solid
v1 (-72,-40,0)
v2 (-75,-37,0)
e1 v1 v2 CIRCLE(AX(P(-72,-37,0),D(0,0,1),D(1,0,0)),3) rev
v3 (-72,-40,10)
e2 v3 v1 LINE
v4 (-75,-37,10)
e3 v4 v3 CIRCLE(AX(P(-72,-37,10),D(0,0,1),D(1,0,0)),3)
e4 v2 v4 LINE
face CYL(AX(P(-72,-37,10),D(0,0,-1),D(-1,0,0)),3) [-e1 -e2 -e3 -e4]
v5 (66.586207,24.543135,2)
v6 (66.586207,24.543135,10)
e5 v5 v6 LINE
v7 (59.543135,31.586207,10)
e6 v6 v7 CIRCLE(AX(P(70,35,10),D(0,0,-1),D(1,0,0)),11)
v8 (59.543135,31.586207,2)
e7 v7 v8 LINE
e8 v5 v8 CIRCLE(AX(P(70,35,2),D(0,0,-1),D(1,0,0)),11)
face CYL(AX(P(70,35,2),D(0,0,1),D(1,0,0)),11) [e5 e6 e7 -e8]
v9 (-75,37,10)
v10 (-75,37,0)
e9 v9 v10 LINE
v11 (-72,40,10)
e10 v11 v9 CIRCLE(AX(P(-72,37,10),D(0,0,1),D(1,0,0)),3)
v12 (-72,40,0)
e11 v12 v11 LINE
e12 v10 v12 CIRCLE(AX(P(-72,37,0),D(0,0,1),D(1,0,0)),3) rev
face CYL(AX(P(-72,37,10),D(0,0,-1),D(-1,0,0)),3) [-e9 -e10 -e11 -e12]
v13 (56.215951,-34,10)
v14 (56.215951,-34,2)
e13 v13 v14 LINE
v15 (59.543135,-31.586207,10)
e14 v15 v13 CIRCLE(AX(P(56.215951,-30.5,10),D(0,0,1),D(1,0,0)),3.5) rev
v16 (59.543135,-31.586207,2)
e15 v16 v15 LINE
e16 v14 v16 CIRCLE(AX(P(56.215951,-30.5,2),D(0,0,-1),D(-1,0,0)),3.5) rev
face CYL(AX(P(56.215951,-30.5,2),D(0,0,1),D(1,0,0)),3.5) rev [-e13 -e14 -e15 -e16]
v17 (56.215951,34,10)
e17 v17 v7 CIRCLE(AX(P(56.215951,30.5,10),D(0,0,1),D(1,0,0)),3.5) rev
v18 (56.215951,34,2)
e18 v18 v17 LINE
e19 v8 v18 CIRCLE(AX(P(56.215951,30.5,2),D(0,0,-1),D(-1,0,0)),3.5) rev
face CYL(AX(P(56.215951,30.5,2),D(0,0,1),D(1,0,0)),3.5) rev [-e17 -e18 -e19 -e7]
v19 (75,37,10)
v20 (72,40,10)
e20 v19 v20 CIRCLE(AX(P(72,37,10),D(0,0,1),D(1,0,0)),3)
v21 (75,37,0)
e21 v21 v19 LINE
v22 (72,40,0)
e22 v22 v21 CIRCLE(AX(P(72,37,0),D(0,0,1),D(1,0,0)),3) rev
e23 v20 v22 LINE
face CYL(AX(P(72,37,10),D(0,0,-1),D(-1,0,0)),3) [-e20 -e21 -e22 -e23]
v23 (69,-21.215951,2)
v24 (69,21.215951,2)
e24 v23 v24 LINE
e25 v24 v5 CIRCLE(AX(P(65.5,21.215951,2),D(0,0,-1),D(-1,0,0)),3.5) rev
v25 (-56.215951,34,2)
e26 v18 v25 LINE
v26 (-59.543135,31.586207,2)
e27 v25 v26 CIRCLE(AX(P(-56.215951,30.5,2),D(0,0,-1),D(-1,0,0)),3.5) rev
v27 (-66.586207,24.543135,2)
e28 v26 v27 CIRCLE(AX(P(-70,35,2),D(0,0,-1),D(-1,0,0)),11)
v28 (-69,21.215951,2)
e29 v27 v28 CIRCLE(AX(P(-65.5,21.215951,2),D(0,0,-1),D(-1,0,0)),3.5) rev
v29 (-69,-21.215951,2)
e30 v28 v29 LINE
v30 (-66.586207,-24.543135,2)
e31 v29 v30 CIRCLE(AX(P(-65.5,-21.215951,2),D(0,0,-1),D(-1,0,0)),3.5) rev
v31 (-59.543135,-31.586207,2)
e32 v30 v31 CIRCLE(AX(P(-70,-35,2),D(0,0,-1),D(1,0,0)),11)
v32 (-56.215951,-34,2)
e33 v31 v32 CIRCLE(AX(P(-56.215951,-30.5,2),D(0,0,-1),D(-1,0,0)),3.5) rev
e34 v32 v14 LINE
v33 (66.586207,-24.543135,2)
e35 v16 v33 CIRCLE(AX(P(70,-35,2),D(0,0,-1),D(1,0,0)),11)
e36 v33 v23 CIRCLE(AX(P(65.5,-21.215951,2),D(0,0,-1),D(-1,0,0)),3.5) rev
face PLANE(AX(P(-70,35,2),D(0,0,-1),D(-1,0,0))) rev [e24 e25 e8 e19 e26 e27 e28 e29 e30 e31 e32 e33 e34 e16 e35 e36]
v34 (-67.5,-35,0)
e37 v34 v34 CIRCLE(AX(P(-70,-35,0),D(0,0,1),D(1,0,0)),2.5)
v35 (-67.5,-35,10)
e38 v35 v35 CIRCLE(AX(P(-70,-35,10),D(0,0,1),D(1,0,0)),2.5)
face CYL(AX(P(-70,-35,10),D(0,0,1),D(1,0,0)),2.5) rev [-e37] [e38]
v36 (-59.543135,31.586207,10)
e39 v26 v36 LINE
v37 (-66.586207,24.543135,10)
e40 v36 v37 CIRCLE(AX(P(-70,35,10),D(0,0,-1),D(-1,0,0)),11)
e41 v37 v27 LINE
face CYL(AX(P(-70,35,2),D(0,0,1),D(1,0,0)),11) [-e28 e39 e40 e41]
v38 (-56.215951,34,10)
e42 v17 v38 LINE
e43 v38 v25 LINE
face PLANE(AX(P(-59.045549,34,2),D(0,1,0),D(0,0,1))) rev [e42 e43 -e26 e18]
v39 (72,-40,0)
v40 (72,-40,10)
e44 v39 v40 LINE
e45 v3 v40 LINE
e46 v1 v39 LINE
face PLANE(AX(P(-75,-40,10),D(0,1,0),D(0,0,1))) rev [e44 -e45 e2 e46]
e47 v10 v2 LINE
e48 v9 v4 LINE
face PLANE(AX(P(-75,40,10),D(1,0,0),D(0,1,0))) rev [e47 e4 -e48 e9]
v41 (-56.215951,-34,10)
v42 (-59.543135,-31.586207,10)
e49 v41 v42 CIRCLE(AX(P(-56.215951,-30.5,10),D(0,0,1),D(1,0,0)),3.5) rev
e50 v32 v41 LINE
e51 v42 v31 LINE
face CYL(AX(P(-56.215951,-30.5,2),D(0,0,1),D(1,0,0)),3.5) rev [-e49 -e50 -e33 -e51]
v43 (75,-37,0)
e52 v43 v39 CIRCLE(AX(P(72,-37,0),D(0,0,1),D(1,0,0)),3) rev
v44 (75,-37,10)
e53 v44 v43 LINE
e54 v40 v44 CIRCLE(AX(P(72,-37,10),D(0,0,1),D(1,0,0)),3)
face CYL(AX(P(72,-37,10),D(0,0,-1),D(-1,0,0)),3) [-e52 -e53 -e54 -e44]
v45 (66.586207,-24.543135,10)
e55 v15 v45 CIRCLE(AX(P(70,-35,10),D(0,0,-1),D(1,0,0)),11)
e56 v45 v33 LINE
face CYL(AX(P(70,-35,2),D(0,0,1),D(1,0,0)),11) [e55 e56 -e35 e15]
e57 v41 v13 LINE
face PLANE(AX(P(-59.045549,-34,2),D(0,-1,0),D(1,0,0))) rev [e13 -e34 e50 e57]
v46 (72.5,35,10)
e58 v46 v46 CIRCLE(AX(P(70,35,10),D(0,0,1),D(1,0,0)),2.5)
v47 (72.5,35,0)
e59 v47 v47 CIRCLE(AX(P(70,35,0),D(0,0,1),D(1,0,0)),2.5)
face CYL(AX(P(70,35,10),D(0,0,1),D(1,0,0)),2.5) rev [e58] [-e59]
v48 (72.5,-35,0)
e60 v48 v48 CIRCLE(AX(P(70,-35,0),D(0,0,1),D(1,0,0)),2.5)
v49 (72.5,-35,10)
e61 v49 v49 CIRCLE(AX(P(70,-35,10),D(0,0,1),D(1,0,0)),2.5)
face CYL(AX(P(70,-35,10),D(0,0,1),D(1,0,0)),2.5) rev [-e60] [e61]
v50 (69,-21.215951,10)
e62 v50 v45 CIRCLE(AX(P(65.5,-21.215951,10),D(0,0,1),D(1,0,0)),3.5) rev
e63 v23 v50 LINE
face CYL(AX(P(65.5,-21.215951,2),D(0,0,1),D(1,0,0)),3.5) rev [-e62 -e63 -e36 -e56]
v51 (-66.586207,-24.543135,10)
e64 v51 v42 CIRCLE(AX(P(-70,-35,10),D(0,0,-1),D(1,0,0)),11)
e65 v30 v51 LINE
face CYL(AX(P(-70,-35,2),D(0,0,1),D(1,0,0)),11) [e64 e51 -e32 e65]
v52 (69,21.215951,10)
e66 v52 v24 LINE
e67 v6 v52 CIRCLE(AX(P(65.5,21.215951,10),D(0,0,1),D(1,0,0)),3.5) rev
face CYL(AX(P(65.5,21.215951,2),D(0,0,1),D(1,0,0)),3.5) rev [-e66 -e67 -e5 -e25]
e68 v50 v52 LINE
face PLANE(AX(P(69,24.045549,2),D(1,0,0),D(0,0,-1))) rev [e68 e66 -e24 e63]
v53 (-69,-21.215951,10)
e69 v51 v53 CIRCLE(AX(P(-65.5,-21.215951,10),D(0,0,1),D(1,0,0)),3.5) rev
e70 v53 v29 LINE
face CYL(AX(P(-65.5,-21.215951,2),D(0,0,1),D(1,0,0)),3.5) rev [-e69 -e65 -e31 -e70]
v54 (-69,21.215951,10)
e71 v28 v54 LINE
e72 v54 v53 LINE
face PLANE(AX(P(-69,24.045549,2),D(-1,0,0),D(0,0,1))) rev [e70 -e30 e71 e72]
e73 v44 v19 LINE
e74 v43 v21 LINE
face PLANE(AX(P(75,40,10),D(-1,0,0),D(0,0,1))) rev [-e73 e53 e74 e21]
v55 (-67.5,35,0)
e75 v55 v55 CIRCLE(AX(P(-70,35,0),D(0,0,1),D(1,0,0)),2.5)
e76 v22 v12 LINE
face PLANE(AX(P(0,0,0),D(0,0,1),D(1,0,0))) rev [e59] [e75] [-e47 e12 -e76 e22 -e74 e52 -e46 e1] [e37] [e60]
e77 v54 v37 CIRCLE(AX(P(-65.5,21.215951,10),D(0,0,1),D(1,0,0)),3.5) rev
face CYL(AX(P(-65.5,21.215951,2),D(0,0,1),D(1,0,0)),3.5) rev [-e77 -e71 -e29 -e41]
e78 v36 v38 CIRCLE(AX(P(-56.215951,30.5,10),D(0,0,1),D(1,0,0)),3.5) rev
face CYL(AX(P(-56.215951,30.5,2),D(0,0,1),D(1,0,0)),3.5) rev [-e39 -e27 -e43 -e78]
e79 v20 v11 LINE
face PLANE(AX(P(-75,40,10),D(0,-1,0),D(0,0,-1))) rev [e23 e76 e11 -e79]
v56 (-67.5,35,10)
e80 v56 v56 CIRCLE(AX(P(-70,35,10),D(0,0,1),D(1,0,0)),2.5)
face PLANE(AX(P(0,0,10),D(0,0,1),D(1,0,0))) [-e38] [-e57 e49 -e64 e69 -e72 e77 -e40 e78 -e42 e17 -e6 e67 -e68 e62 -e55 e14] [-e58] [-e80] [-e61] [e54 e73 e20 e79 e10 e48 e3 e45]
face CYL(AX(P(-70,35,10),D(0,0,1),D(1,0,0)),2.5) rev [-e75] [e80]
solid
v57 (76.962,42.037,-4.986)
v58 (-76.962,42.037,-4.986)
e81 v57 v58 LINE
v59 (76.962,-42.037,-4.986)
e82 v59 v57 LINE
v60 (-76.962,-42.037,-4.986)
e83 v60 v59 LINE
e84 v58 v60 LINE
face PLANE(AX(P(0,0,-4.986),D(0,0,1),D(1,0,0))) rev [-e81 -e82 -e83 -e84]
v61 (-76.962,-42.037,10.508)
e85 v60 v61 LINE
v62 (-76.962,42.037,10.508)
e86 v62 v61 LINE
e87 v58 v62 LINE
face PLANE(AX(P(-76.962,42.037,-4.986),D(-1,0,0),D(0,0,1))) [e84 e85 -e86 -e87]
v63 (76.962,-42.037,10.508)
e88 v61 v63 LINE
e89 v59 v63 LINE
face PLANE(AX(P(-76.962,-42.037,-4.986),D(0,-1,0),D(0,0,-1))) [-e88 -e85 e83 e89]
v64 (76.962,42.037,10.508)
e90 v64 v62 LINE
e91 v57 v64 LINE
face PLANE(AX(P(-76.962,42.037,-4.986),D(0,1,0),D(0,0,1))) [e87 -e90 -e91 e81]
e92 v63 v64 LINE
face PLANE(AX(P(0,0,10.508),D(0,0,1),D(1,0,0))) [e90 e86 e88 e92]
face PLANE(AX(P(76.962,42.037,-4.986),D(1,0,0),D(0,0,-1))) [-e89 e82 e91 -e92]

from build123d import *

# Parameters (mm, degrees)
SKETCH1_W                = 150
SKETCH1_H                = 80
BOSS_EXTRUDE1_DEPTH      = 10
FILLET1_R                = 3
F_5_0_5_DIAMETER_HOLE1_D = 5
CUT_EXTRUDE1_DEPTH       = 8
FILLET2_R                = 3.5
SKETCH8_W                = 153.924
SKETCH8_H                = 84.074
BOSS_EXTRUDE3_DEPTH      = 0.508
BOSS_EXTRUDE3_DEPTH_BACK = 14.986


with BuildPart() as part:
    # Sketch1 → Boss-Extrude1 (new body)
    with BuildSketch(Plane.XY):
        Rectangle(SKETCH1_W, SKETCH1_H)
    extrude(amount=BOSS_EXTRUDE1_DEPTH)

    # Fillet1
    fillet1_edges = [part.edges().sort_by_distance(p)[0] for p in [
        (75, -40, 5),
        (-75, -40, 5),
        (-75, 40, 5),
        (75, 40, 5),
    ]]
    fillet(fillet1_edges, radius=FILLET1_R)

    # Ø5.0 (5) Diameter Hole1 (through all)
    with Locations(Plane.XY.offset(10)):
        with Locations((-70, -35), (-70, 35), (70, 35), (70, -35)):
            Hole(F_5_0_5_DIAMETER_HOLE1_D / 2)

    # Sketch5 → Cut-Extrude1 (cut)
    with BuildSketch(Plane.XY.offset(10)):
        with BuildLine():
            Line((-59.04554885, 34), (59.04554885, 34))
            ThreePointArc((59.04554885, 34), (62.221825407, 27.221825407), (69, 24.04554885))
            Line((69, 24.04554885), (69, -24.04554885))
            ThreePointArc((69, -24.04554885), (62.221825407, -27.221825407), (59.04554885, -34))
            Line((59.04554885, -34), (-59.04554885, -34))
            ThreePointArc((-59.04554885, -34), (-62.221825407, -27.221825407), (-69, -24.04554885))
            Line((-69, -24.04554885), (-69, 24.04554885))
            ThreePointArc((-69, 24.04554885), (-62.221825407, 27.221825407), (-59.04554885, 34))
        make_face()
    extrude(amount=-CUT_EXTRUDE1_DEPTH, mode=Mode.SUBTRACT)

    # Fillet2
    fillet2_edges = [part.edges().sort_by_distance(p)[0] for p in [
        (-69, 24.04554885, 6),
        (-59.04554885, 34, 6),
        (59.04554885, 34, 6),
        (69, 24.04554885, 6),
        (69, -24.04554885, 6),
        (59.04554885, -34, 6),
        (-59.04554885, -34, 6),
        (-69, -24.04554885, 6),
    ]]
    fillet(fillet2_edges, radius=FILLET2_R)


with BuildPart() as body_2:
    # Sketch8 → Boss-Extrude3 (new body, two sides)
    with BuildSketch(Plane.XY.offset(10)) as boss_extrude3_sk:
        Rectangle(SKETCH8_W, SKETCH8_H)
    extrude(amount=BOSS_EXTRUDE3_DEPTH)
    extrude(boss_extrude3_sk.sketch, amount=-BOSS_EXTRUDE3_DEPTH_BACK)


solid = Compound([part.part, body_2.part])
